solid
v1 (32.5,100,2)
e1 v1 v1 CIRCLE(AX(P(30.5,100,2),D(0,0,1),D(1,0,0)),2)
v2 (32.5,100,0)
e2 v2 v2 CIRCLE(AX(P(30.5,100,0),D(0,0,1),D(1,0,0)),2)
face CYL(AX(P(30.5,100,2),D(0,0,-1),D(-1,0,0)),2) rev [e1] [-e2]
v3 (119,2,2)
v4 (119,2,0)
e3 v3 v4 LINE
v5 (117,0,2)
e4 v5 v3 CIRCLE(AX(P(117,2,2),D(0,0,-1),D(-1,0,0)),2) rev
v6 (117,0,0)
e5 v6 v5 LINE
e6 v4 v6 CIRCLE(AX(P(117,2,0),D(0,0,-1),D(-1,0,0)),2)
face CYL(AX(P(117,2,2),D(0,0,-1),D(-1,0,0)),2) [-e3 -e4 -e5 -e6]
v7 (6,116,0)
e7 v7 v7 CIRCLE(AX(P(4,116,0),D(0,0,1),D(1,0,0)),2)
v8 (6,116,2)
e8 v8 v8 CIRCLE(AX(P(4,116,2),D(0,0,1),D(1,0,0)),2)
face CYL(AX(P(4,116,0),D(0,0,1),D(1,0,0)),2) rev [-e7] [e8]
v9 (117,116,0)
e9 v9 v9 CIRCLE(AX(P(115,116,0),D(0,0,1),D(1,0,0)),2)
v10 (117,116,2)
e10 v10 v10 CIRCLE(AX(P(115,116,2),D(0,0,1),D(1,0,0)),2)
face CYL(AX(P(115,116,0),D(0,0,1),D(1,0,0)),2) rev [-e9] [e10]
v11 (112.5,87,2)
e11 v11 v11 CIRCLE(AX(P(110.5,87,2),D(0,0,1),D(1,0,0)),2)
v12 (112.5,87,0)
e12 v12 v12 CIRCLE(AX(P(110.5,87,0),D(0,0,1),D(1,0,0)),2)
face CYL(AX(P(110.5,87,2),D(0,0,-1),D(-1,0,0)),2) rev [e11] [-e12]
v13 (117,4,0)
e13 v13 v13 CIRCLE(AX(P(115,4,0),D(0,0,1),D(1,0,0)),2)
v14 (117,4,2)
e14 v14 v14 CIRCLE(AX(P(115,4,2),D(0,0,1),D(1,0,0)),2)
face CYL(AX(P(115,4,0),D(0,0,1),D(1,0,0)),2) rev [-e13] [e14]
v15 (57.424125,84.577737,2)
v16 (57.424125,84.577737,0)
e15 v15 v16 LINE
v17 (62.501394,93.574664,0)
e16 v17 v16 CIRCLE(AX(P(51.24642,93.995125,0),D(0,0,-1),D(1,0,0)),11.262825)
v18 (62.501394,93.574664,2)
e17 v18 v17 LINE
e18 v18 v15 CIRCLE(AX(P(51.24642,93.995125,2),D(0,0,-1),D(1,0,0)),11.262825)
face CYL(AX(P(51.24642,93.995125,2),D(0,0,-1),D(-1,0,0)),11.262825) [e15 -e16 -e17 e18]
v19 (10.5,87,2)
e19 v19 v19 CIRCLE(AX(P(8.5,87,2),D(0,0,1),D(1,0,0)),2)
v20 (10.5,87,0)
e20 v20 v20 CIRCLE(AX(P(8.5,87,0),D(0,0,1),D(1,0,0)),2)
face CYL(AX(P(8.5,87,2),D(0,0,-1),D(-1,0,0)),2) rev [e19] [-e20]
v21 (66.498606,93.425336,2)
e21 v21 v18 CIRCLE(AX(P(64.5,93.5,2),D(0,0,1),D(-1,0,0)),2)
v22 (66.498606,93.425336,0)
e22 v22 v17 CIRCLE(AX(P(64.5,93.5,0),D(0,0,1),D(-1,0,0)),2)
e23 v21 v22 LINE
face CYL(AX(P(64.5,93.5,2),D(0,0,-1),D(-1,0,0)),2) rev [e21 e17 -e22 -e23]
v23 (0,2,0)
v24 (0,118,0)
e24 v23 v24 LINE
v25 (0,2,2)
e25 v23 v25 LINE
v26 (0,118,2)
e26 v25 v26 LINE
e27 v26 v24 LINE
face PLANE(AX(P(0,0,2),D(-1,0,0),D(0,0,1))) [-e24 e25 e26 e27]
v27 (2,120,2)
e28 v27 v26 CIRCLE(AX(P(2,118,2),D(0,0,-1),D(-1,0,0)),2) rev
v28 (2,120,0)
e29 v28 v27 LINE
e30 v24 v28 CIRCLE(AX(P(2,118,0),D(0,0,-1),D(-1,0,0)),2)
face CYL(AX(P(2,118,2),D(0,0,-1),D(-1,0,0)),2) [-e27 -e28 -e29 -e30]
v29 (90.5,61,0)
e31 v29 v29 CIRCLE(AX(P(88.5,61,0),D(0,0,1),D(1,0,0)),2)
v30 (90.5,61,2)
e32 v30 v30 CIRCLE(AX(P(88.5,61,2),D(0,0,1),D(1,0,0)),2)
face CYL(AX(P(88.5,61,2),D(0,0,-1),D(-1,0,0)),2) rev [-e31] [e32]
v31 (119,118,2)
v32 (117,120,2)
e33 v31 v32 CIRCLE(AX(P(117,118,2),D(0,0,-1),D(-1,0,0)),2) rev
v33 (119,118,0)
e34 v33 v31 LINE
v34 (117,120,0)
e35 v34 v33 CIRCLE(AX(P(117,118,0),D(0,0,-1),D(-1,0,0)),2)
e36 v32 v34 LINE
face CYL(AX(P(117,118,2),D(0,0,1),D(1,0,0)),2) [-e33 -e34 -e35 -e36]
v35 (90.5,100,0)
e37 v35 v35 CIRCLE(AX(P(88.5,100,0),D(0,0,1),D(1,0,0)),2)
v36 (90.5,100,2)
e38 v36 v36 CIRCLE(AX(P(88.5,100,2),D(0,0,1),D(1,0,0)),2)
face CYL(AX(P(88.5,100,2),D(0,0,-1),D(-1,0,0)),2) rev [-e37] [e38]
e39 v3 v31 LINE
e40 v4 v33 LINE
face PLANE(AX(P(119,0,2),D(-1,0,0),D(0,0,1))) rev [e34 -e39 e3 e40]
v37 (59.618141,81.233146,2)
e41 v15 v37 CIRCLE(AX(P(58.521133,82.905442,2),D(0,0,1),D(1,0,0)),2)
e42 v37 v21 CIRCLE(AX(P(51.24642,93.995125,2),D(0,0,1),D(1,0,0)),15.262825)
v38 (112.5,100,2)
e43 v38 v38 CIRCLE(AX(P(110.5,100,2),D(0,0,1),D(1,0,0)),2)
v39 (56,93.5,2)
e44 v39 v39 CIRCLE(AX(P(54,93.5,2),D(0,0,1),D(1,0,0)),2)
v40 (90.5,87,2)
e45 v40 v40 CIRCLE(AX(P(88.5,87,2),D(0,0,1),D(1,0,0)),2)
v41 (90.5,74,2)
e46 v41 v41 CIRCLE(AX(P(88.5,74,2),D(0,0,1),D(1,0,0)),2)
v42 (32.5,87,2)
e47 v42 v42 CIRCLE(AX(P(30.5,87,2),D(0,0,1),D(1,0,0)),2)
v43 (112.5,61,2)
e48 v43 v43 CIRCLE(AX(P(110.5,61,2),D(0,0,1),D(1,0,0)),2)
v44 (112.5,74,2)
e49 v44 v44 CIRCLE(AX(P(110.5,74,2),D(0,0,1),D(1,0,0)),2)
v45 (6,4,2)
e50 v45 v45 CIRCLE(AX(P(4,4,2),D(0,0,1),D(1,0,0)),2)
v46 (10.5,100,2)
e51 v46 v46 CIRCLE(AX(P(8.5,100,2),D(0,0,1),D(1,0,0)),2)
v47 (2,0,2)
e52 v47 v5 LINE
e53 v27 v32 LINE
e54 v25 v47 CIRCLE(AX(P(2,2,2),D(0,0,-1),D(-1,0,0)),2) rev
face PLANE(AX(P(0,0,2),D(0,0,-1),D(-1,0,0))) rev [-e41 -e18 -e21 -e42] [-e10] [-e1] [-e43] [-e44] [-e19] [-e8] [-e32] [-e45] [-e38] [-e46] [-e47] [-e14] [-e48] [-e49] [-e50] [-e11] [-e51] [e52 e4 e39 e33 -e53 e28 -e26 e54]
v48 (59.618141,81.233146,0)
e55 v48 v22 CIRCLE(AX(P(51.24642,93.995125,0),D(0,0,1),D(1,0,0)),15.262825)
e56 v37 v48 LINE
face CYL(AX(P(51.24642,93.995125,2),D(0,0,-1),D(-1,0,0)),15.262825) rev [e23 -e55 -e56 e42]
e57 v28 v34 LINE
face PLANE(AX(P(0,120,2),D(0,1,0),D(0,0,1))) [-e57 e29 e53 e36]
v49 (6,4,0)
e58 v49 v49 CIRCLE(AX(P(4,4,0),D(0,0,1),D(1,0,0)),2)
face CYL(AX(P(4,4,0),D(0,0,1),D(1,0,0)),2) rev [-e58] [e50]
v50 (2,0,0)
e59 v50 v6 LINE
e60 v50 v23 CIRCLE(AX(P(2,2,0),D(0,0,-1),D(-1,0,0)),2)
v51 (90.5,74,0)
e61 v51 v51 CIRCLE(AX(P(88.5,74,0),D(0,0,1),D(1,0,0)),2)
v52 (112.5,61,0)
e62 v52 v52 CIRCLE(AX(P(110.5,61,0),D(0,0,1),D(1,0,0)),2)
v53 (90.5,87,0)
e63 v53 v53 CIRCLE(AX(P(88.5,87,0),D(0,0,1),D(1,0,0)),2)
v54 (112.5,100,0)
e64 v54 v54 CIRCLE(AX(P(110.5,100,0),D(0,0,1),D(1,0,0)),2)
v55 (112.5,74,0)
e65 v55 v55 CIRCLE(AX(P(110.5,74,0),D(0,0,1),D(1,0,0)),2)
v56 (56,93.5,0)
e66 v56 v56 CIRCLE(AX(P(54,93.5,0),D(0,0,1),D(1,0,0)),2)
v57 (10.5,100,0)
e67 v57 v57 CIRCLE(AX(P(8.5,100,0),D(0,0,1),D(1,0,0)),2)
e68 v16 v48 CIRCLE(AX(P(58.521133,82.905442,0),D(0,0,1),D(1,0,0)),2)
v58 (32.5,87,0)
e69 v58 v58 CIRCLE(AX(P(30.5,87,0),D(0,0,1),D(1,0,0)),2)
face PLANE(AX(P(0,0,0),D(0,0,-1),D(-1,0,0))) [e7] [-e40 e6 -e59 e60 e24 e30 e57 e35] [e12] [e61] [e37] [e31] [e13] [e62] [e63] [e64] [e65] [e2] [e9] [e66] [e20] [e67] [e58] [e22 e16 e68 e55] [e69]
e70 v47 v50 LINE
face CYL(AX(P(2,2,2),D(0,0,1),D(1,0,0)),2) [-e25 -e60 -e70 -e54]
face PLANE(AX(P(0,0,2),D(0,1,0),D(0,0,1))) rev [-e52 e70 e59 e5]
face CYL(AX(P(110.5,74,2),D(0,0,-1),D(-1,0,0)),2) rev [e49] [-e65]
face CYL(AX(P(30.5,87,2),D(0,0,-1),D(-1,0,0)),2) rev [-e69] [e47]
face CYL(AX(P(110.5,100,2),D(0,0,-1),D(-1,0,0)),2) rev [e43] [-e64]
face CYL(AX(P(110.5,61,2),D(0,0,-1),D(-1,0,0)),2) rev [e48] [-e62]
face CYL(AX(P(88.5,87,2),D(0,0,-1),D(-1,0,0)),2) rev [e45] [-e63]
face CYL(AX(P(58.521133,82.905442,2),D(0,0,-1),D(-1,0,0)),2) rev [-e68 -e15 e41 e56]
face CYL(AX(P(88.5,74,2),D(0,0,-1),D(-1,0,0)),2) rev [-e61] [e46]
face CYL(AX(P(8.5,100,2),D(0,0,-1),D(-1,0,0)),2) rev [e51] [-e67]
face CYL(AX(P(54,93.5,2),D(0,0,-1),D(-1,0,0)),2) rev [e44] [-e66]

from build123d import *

# Parameters (mm, degrees)
SKETCH_2_W          = 119
SKETCH_2_H          = 120
EXTRUDE_1_DEPTH     = 2
SKETCH_6_R          = 2
CUT_EXTRUDE_3_DEPTH = 2
CUT_EXTRUDE_5_DEPTH = 2
FILLET_1_R          = 2
SKETCH_9_R          = 2
CUT_EXTRUDE_6_DEPTH = 2


with BuildPart() as part:
    # 草图2 → 凸台-拉伸1 (new body)
    with BuildSketch(Plane.XY):
        with Locations((59.5, 60)):
            Rectangle(SKETCH_2_W, SKETCH_2_H)
    extrude(amount=EXTRUDE_1_DEPTH)

    # 草图6 → 切除-拉伸3 (cut)
    with BuildSketch(Plane.XY):
        with Locations((8.5, 100)):
            Circle(SKETCH_6_R)
        with Locations((30.5, 100)):
            Circle(SKETCH_6_R)
        with Locations((8.5, 87)):
            Circle(SKETCH_6_R)
        with Locations((30.5, 87)):
            Circle(SKETCH_6_R)
        with Locations((54, 93.5)):
            Circle(SKETCH_6_R)
        with Locations((88.5, 100)):
            Circle(SKETCH_6_R)
        with Locations((88.5, 87)):
            Circle(SKETCH_6_R)
        with Locations((110.5, 100)):
            Circle(SKETCH_6_R)
        with Locations((110.5, 87)):
            Circle(SKETCH_6_R)
        with Locations((88.5, 74)):
            Circle(SKETCH_6_R)
        with Locations((88.5, 61)):
            Circle(SKETCH_6_R)
        with Locations((110.5, 74)):
            Circle(SKETCH_6_R)
        with Locations((110.5, 61)):
            Circle(SKETCH_6_R)
    extrude(amount=CUT_EXTRUDE_3_DEPTH, mode=Mode.SUBTRACT)

    # 草图7 → 切除-拉伸5 (cut)
    with BuildSketch(Plane.XY):
        with BuildLine():
            ThreePointArc((59.618141264, 81.233145737), (64.538696872, 86.493844671), (66.498605851, 93.425336399))
            ThreePointArc((66.498605851, 93.425336399), (64.574663601, 95.498605851), (62.501394149, 93.574663601))
            ThreePointArc((62.501394149, 93.574663601), (61.055127678, 88.459740312), (57.424125079, 84.577737339))
            ThreePointArc((57.424125079, 84.577737339), (56.848837371, 81.808433446), (59.618141264, 81.233145737))
        make_face()
    extrude(amount=CUT_EXTRUDE_5_DEPTH, mode=Mode.SUBTRACT)

    # 圆角1
    fillet_1_edges = [part.edges().sort_by_distance(p)[0] for p in [
        (0, 0, 1),
        (119, 0, 1),
        (119, 120, 1),
        (0, 120, 1),
    ]]
    fillet(fillet_1_edges, radius=FILLET_1_R)

    # 草图9 → 切除-拉伸6 (cut)
    with BuildSketch(Plane.XY.offset(2)):
        with Locations((4, 116)):
            Circle(SKETCH_9_R)
        with Locations((115, 116)):
            Circle(SKETCH_9_R)
        with Locations((4, 4)):
            Circle(SKETCH_9_R)
        with Locations((115, 4)):
            Circle(SKETCH_9_R)
    extrude(amount=-CUT_EXTRUDE_6_DEPTH, mode=Mode.SUBTRACT)


solid = part.part
